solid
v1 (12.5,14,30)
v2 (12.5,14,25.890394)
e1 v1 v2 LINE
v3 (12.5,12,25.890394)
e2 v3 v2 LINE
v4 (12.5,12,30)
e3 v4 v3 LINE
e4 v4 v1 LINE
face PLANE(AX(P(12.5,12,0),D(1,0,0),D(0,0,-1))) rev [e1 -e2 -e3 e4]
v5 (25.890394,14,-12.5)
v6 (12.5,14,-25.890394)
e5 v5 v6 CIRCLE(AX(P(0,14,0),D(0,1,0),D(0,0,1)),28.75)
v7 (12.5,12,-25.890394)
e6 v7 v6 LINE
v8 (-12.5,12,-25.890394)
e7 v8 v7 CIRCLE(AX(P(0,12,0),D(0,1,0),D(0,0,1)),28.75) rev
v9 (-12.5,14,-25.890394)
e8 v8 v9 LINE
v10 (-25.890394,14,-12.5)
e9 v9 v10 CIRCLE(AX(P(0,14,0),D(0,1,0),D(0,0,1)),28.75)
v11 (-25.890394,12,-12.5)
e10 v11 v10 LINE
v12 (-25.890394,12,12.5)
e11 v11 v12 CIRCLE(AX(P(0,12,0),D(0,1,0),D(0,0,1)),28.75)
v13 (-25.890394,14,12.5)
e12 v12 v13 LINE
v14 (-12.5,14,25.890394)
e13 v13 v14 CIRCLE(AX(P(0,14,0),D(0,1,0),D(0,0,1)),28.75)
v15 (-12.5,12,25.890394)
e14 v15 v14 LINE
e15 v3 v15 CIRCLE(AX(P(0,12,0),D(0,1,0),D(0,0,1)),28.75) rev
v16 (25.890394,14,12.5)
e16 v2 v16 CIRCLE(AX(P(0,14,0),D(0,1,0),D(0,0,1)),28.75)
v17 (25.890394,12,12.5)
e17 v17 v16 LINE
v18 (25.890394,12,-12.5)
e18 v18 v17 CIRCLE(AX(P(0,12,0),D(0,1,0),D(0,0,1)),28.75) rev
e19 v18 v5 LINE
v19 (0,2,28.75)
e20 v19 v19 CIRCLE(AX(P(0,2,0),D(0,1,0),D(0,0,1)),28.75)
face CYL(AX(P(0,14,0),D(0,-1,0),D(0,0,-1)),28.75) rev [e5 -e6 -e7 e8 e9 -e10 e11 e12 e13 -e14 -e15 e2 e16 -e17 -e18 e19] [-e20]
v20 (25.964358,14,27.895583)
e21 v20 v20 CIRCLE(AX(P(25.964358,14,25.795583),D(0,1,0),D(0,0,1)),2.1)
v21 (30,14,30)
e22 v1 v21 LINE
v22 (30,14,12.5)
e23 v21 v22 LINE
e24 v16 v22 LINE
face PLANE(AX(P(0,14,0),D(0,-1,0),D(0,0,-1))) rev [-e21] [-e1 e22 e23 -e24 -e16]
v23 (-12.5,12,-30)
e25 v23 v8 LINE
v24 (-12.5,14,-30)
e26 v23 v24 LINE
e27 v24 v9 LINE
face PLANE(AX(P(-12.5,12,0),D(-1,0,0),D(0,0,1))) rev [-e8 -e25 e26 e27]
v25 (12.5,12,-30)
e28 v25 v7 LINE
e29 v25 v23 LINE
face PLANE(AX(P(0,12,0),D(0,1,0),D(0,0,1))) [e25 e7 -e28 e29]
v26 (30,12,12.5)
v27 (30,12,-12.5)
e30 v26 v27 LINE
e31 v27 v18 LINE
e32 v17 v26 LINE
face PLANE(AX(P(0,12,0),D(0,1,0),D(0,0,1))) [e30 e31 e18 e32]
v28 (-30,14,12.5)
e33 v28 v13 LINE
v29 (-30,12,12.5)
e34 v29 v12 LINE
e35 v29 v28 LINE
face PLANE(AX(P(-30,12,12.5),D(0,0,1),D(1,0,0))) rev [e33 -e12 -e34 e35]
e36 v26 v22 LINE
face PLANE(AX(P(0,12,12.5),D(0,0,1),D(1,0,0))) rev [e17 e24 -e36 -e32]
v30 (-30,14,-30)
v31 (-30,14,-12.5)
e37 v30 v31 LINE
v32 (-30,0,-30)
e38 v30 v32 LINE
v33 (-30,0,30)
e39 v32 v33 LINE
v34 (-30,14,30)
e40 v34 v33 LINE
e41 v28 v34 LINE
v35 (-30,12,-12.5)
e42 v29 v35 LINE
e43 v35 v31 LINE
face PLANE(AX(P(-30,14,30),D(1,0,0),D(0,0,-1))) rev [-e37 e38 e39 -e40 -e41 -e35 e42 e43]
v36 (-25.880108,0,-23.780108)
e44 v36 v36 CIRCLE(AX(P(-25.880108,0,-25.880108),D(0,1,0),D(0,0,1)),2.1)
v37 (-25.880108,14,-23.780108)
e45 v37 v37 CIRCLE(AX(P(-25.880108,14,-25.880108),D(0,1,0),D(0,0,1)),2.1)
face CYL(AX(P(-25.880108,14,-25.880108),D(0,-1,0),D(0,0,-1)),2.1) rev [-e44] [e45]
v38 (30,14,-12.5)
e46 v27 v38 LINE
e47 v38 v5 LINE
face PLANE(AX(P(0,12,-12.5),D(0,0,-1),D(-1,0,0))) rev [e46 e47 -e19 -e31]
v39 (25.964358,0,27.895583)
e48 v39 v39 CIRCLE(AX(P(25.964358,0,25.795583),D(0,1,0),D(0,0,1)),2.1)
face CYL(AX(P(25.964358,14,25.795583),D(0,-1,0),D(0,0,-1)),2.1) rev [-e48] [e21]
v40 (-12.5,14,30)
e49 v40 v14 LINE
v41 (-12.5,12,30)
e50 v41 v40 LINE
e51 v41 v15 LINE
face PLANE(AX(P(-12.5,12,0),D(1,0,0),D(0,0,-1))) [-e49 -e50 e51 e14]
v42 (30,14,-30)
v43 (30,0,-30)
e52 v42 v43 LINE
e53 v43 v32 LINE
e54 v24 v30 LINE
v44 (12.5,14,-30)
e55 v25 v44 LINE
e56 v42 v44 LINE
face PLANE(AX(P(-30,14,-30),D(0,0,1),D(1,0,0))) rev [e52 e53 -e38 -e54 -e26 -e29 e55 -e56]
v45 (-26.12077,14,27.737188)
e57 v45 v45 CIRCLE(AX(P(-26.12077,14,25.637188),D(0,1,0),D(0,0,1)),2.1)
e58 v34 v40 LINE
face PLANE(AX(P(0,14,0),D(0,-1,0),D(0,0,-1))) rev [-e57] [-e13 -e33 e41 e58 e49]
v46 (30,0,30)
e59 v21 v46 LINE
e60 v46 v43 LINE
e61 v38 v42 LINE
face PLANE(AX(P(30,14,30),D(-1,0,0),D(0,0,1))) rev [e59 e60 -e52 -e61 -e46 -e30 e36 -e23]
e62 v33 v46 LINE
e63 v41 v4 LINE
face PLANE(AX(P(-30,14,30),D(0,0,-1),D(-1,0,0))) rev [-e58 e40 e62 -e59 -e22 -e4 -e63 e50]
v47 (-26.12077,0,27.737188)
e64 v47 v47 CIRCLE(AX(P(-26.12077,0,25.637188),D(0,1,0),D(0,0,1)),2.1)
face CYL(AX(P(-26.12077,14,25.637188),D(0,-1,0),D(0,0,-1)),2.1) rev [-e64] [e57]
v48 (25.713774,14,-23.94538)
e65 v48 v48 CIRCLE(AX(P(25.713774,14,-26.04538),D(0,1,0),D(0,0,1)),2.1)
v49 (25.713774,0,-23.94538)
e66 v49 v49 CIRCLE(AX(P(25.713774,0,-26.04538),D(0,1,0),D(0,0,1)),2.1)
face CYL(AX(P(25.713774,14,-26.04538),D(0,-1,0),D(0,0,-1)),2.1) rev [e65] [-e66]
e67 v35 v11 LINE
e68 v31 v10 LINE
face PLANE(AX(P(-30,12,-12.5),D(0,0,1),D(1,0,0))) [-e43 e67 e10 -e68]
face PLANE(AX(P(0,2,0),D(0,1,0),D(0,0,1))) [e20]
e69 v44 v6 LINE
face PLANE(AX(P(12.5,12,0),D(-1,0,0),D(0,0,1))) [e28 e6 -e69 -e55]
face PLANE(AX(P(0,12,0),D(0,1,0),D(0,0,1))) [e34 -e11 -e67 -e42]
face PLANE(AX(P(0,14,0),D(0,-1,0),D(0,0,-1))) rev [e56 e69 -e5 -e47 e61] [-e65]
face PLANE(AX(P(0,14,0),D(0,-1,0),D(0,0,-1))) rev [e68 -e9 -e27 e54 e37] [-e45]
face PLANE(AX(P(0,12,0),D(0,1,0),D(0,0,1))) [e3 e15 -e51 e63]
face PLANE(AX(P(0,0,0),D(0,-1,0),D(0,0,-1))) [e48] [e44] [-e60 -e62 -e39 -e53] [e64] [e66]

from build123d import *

# Parameters (mm, degrees)
SKETCH1_W           = 60
SKETCH1_H           = 60
SKETCH1_R           = 28.75
SKETCH1_R_2         = 2.1
BOSS_EXTRUDE4_DEPTH = 14
SKETCH1_8_R         = 28.75
BOSS_EXTRUDE5_DEPTH = 2
CUT_EXTRUDE2_START  = -2
CUT_EXTRUDE2_DEPTH  = 2


with BuildPart() as part:
    # Sketch1 → Boss-Extrude4 (new body)
    with BuildSketch(Plane(origin=(0, 0, 0), x_dir=(1, 0, 0), z_dir=(0, 1, 0))):
        Rectangle(SKETCH1_W, SKETCH1_H)
        Circle(SKETCH1_R, mode=Mode.SUBTRACT)
        with Locations((-25.880108191, 25.880108191)):
            Circle(SKETCH1_R_2, mode=Mode.SUBTRACT)
        with Locations((-26.120769668, -25.637187677)):
            Circle(SKETCH1_R_2, mode=Mode.SUBTRACT)
        with Locations((25.96435834, -25.795582877)):
            Circle(SKETCH1_R_2, mode=Mode.SUBTRACT)
        with Locations((25.713774072, 26.04538007)):
            Circle(SKETCH1_R_2, mode=Mode.SUBTRACT)
    extrude(amount=BOSS_EXTRUDE4_DEPTH)

    # Sketch1<8> → Boss-Extrude5 (add)
    with BuildSketch(Plane(origin=(0, 0, 0), x_dir=(1, 0, 0), z_dir=(0, 1, 0))):
        Circle(SKETCH1_8_R)
    extrude(amount=BOSS_EXTRUDE5_DEPTH)

    # Sketch5 → Cut-Extrude2 (cut)
    with BuildSketch(Plane(origin=(0, 14, 0), x_dir=(1, 0, 0), z_dir=(0, 1, 0)).offset(CUT_EXTRUDE2_START)):
        with BuildLine():
            Line((12.5, 30), (-12.5, 30))
            Line((-12.5, 30), (-12.5, 25.890393972))
            ThreePointArc((-12.5, 25.890393972), (0, 28.75), (12.5, 25.890393972))
            Line((12.5, 25.890393972), (12.5, 30))
        make_face()
        with BuildLine():
            ThreePointArc((-25.890393972, -12.5), (-28.75, 0), (-25.890393972, 12.5))
            Line((-25.890393972, 12.5), (-30, 12.5))
            Line((-30, 12.5), (-30, -12.5))
            Line((-30, -12.5), (-25.890393972, -12.5))
        make_face()
        with BuildLine():
            Line((30, 12.5), (25.890393972, 12.5))
            ThreePointArc((25.890393972, 12.5), (28.75, 0), (25.890393972, -12.5))
            Line((25.890393972, -12.5), (30, -12.5))
            Line((30, -12.5), (30, 12.5))
        make_face()
        with BuildLine():
            ThreePointArc((12.5, -25.890393972), (0, -28.75), (-12.5, -25.890393972))
            Line((-12.5, -25.890393972), (-12.5, -30))
            Line((-12.5, -30), (12.5, -30))
            Line((12.5, -30), (12.5, -25.890393972))
        make_face()
    extrude(amount=CUT_EXTRUDE2_DEPTH, mode=Mode.SUBTRACT)


solid = part.part
